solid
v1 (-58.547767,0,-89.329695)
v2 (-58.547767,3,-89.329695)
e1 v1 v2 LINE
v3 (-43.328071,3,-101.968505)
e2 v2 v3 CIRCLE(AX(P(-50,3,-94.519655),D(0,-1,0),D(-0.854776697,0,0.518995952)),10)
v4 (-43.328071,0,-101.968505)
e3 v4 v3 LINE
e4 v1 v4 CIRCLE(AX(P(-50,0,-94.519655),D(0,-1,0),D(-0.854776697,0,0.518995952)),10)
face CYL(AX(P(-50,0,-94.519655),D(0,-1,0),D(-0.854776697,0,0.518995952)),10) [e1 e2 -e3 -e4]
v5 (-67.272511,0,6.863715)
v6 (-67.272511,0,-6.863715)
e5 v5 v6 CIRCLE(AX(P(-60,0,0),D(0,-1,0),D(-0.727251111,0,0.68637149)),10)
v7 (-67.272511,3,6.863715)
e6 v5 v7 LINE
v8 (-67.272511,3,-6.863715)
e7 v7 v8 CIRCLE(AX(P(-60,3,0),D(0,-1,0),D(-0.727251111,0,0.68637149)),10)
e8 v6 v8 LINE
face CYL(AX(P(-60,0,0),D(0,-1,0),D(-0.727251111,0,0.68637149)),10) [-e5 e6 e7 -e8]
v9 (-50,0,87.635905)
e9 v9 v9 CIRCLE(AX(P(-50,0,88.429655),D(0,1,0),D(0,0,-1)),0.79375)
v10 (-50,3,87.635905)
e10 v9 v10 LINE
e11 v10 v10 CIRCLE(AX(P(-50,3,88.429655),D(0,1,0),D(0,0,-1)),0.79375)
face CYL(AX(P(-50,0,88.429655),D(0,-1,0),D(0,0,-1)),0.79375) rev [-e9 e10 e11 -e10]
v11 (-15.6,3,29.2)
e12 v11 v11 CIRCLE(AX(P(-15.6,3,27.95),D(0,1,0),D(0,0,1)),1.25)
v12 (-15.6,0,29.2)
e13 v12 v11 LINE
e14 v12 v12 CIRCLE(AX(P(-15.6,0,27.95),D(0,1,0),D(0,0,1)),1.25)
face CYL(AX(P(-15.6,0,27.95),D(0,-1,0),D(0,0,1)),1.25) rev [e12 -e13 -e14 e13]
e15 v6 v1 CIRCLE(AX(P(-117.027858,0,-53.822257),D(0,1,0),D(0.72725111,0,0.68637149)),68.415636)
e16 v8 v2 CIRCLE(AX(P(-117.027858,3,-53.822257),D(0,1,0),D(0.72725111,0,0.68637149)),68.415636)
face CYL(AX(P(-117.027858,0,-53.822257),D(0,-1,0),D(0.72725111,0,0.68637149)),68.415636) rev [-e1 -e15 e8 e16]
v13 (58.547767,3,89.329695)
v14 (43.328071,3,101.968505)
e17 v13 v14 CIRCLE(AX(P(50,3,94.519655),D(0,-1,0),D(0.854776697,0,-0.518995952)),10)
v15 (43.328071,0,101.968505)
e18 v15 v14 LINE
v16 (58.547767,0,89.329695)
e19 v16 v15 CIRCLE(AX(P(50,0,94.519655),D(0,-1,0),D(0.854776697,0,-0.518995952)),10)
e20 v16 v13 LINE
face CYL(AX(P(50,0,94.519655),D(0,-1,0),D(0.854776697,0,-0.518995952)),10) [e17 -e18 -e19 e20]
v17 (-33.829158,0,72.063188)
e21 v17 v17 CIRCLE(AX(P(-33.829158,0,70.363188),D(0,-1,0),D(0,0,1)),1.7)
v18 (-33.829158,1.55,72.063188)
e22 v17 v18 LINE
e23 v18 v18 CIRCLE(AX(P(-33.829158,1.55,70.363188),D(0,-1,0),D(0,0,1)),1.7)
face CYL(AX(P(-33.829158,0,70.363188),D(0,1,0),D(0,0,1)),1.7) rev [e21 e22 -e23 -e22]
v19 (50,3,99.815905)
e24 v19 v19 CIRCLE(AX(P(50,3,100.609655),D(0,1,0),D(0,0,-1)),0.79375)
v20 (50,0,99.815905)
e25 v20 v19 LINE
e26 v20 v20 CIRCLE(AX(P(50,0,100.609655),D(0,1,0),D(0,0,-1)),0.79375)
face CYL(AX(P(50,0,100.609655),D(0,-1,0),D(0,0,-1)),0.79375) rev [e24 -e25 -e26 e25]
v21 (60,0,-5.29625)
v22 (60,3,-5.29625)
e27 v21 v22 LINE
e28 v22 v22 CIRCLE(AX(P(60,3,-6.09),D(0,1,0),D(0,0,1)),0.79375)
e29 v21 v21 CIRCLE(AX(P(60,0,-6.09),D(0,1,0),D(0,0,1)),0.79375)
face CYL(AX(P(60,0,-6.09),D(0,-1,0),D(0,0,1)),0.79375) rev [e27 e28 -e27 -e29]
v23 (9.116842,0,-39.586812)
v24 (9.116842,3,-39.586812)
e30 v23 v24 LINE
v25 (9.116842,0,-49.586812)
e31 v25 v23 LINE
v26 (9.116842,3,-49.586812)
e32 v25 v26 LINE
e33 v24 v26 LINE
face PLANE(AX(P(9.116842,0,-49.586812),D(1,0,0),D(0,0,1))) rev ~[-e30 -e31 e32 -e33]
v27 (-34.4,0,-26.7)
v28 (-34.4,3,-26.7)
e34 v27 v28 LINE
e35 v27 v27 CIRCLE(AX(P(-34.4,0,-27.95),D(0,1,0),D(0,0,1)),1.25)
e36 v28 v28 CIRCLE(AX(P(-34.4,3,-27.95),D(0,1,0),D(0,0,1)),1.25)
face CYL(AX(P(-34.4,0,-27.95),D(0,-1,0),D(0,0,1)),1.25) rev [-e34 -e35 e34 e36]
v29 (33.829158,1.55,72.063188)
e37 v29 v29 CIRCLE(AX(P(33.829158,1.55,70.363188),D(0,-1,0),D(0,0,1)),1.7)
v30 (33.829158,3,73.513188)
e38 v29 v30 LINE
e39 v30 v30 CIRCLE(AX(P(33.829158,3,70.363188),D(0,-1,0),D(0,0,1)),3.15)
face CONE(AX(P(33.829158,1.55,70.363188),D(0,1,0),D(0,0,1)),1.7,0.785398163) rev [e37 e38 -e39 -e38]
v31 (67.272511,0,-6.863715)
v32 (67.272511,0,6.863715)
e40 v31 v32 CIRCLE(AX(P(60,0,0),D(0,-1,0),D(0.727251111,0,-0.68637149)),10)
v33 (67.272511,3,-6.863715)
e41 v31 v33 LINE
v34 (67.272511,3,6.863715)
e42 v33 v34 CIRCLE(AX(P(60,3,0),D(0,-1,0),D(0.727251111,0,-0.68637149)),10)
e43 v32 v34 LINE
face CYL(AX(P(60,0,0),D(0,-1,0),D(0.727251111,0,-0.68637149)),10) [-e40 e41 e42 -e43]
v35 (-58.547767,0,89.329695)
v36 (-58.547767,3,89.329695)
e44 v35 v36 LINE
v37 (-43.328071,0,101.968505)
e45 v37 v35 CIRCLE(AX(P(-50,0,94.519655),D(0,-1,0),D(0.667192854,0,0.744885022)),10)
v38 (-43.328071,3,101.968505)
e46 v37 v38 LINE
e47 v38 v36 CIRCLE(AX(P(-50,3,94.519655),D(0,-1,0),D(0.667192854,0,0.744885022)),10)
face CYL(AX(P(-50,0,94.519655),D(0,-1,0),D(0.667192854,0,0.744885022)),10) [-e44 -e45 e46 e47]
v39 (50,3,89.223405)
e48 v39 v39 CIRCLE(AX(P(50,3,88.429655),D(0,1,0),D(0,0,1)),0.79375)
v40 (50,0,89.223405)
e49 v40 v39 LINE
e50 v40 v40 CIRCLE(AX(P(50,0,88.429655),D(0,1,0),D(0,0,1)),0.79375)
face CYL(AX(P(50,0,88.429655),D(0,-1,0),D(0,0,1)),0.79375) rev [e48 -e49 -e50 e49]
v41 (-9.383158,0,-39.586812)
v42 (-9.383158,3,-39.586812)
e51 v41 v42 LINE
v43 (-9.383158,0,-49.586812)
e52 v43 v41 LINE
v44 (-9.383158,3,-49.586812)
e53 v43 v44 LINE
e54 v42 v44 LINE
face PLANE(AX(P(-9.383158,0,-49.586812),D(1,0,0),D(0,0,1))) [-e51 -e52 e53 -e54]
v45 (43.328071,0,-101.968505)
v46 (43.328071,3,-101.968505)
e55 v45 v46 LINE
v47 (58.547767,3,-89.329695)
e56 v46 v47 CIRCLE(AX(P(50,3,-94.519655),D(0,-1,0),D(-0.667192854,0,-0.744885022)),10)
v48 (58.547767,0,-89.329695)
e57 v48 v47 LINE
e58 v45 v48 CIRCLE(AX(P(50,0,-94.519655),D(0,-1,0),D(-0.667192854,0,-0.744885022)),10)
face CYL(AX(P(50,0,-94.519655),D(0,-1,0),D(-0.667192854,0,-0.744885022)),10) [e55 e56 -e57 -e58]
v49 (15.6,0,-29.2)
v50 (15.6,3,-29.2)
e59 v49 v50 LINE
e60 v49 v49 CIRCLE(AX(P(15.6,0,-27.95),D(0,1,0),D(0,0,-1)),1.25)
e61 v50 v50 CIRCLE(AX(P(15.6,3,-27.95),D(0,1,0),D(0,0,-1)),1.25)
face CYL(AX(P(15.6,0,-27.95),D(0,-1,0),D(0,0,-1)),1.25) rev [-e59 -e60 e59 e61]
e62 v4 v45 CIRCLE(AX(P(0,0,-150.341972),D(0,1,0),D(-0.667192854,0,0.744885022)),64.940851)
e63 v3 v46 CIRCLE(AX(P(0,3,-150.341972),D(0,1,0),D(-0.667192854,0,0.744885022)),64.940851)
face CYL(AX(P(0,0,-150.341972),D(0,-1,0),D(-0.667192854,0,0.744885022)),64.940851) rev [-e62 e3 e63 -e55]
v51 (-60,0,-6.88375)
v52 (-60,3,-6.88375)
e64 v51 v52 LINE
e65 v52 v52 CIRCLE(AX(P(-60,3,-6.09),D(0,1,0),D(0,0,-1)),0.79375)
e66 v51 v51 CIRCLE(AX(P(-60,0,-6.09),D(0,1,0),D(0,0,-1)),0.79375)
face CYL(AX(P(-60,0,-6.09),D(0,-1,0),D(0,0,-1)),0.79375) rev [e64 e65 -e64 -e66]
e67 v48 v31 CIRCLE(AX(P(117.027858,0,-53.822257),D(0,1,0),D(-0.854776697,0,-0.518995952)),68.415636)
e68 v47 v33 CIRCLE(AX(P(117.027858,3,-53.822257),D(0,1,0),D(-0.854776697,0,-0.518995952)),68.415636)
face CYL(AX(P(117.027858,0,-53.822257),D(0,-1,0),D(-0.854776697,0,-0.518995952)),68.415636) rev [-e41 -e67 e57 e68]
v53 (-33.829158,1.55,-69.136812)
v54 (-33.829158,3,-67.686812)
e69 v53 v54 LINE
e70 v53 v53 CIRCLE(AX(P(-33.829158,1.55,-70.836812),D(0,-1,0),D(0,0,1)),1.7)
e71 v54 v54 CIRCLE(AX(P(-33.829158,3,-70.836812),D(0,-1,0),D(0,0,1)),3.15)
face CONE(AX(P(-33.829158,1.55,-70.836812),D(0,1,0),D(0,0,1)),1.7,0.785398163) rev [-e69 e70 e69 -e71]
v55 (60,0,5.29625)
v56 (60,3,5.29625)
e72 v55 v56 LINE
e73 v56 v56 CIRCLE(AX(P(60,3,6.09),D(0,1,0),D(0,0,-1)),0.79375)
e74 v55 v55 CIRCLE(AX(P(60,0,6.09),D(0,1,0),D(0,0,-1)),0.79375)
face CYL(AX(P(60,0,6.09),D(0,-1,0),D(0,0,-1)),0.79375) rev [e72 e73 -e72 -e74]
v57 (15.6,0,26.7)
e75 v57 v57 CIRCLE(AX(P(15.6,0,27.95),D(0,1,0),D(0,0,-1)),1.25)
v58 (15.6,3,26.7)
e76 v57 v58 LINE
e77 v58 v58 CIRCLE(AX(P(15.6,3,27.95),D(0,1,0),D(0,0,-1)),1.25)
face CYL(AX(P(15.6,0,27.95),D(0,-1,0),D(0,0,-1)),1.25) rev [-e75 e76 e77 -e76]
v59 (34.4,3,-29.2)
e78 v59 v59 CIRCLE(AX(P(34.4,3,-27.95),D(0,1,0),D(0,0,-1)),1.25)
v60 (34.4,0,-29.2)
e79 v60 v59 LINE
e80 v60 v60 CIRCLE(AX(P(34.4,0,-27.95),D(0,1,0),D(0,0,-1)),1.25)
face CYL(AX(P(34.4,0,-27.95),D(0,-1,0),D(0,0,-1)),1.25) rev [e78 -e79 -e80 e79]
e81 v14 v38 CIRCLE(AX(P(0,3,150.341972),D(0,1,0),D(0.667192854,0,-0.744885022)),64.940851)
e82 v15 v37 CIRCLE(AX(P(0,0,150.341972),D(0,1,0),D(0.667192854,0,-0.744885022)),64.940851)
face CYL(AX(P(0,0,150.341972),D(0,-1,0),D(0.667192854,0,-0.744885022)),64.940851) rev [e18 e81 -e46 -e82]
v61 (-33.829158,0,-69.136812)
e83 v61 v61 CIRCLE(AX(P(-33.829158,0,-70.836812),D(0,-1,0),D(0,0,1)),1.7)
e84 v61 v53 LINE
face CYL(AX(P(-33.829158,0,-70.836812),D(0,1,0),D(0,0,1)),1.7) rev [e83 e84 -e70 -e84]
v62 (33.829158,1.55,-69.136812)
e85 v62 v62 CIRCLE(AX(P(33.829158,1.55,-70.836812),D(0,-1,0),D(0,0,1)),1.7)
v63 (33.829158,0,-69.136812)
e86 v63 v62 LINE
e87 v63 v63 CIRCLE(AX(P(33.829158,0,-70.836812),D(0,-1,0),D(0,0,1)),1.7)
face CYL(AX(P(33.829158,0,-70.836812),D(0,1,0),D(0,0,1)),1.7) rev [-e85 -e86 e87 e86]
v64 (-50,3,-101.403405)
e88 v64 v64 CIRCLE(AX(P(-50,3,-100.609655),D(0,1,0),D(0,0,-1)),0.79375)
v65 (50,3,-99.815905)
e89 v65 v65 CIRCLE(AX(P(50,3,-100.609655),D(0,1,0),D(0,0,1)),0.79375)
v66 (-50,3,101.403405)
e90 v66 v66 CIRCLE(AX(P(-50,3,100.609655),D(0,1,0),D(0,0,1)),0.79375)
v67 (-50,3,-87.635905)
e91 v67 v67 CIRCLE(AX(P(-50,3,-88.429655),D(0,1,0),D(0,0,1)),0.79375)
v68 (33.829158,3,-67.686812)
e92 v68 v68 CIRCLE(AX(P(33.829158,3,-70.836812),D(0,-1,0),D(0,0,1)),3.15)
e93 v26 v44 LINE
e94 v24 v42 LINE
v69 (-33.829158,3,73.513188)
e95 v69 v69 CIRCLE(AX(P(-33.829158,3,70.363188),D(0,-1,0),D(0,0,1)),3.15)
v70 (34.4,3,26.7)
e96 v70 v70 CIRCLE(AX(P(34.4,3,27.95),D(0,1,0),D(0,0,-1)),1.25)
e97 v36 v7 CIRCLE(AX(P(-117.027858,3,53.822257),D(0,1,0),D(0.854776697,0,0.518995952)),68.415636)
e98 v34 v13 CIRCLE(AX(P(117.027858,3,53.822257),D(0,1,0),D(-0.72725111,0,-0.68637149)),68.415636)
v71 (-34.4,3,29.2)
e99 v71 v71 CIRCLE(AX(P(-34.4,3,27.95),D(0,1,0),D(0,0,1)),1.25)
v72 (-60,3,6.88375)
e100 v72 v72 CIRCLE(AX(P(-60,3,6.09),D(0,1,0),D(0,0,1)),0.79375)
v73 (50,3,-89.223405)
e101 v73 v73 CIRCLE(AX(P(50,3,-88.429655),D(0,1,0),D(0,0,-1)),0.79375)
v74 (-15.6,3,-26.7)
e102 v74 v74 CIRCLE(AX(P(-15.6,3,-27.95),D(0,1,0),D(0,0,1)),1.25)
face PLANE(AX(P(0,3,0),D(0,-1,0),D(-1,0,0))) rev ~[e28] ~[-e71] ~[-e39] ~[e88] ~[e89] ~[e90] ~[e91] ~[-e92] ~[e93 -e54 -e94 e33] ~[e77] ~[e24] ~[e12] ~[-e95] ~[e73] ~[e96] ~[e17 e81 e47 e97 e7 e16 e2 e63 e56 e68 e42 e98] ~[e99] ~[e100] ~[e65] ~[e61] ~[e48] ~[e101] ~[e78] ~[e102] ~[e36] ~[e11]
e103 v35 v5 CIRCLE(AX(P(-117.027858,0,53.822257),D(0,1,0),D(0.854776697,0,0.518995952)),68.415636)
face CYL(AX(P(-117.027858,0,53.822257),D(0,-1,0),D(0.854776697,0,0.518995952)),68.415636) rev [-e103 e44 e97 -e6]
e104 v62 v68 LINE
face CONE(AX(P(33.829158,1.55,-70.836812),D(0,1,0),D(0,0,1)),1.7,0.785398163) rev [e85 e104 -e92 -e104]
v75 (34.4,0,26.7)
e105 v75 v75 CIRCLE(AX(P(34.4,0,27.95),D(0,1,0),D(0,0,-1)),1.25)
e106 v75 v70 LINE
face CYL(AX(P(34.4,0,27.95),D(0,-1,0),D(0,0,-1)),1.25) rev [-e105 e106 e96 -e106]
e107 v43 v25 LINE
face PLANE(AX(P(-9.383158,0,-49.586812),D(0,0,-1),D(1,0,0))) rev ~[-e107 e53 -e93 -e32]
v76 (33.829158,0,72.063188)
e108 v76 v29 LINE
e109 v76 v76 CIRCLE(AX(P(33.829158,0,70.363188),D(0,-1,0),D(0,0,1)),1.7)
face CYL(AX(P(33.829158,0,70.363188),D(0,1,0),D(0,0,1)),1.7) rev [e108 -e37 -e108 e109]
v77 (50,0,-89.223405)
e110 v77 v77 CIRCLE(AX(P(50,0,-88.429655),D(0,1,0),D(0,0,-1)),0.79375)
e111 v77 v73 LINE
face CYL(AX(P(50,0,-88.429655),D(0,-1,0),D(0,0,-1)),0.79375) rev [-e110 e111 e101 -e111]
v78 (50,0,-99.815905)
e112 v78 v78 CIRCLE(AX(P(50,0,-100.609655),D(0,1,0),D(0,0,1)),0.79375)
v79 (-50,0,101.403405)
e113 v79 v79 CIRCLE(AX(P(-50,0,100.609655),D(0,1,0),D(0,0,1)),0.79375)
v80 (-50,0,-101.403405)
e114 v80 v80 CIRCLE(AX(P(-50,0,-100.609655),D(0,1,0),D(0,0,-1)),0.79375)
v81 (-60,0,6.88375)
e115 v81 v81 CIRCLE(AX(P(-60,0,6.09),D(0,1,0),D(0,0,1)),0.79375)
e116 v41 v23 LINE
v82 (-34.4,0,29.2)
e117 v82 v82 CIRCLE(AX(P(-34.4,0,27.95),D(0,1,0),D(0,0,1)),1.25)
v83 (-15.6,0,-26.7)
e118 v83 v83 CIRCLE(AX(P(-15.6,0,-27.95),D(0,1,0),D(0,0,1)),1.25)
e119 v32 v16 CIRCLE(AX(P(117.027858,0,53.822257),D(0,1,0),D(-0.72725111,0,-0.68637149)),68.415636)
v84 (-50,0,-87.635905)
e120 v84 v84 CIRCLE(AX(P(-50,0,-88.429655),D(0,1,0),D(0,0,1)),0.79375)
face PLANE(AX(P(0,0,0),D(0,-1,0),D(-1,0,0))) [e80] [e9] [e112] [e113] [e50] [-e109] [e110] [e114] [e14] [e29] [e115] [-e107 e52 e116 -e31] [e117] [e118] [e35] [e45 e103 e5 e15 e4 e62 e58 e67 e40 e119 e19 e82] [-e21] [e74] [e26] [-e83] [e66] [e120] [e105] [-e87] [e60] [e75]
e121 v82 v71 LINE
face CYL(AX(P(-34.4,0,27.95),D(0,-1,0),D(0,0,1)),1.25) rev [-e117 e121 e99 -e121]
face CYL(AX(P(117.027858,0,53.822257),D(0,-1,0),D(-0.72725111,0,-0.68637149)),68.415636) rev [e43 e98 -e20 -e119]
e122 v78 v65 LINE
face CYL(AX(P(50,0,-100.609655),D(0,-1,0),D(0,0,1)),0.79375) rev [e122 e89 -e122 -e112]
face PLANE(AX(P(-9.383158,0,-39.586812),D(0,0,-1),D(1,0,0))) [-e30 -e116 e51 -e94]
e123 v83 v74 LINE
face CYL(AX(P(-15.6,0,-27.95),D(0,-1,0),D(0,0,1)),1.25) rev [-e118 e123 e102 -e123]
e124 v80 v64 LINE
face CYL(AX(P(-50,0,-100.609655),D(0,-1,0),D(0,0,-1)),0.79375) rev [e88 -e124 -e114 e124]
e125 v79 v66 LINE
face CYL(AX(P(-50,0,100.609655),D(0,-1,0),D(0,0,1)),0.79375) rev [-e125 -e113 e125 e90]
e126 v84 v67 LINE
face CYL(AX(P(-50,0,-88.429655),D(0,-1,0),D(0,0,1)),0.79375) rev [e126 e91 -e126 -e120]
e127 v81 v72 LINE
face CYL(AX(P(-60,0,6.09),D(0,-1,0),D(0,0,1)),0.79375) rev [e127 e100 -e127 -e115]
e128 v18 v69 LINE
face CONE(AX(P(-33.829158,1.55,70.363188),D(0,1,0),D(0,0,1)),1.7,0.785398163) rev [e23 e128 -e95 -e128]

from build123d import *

# Parameters (mm, degrees)
SKETCH1_R                                      = 0.79375
SKETCH1_R_2                                    = 1.25
BOSS_EXTRUDE1_DEPTH                            = 3
CSK_FOR_M3_FLAT_HEAD_MACHINE_SCREW1_AT_2_COUNT = 2
CSK_FOR_M3_FLAT_HEAD_MACHINE_SCREW1_AT_2_PITCH = 67.658315793
CSK_FOR_M3_FLAT_HEAD_MACHINE_SCREW1_AT_3_COUNT = 2
CSK_FOR_M3_FLAT_HEAD_MACHINE_SCREW1_AT_3_PITCH = 141.2
CSK_FOR_M3_FLAT_HEAD_MACHINE_SCREW1_AT_4_COUNT = 2
CSK_FOR_M3_FLAT_HEAD_MACHINE_SCREW1_AT_4_PITCH = 156.572946884
CUT_EXTRUDE1_REACH                             = 127.831
SKETCH5_W                                      = 18.5
SKETCH5_H                                      = 10


with BuildPart() as part:
    # Sketch1 → Boss-Extrude1 (new body)
    with BuildSketch(Plane(origin=(0, 0, 0), x_dir=(1, 0, 0), z_dir=(0, 1, 0))):
        with BuildLine():
            ThreePointArc((-43.32807146, 101.968504868), (0, 85.401121174), (43.32807146, 101.968504868))
            ThreePointArc((43.32807146, 101.968504868), (56.388628204, 102.212861373), (58.547766972, 89.329695133))
            ThreePointArc((58.547766972, 89.329695133), (48.991933901, 46.624185339), (67.272511105, 6.8637149))
            ThreePointArc((67.272511105, 6.8637149), (70, 0), (67.272511105, -6.8637149))
            ThreePointArc((67.272511105, -6.8637149), (48.991933901, -46.624185339), (58.547766972, -89.329695133))
            ThreePointArc((58.547766972, -89.329695133), (56.388628204, -102.212861373), (43.32807146, -101.968504868))
            ThreePointArc((43.32807146, -101.968504868), (0, -85.401121174), (-43.32807146, -101.968504868))
            ThreePointArc((-43.32807146, -101.968504868), (-56.388628204, -102.212861373), (-58.547766972, -89.329695133))
            ThreePointArc((-58.547766972, -89.329695133), (-48.991933901, -46.624185339), (-67.272511105, -6.8637149))
            ThreePointArc((-67.272511105, -6.8637149), (-70, 0), (-67.272511105, 6.8637149))
            ThreePointArc((-67.272511105, 6.8637149), (-48.991933901, 46.624185339), (-58.547766972, 89.329695133))
            ThreePointArc((-58.547766972, 89.329695133), (-56.388628204, 102.212861373), (-43.32807146, 101.968504868))
        make_face()
        with Locations(Location((-60, -6.09, 0), (0, 0, 270))):
            Circle(SKETCH1_R, mode=Mode.SUBTRACT)
        with Locations(Location((-50, 88.429654651, 0), (0, 0, 270))):
            Circle(SKETCH1_R, mode=Mode.SUBTRACT)
        with Locations(Location((-50, 100.609654651, 0), (0, 0, 90))):
            Circle(SKETCH1_R, mode=Mode.SUBTRACT)
        with Locations(Location((-60, 6.09, 0), (0, 0, 90))):
            Circle(SKETCH1_R, mode=Mode.SUBTRACT)
        with Locations(Location((60, 6.09, 0), (0, 0, 270))):
            Circle(SKETCH1_R, mode=Mode.SUBTRACT)
        with Locations(Location((60, -6.09, 0), (0, 0, 90))):
            Circle(SKETCH1_R, mode=Mode.SUBTRACT)
        with Locations(Location((50, 88.429654651, 0), (0, 0, 90))):
            Circle(SKETCH1_R, mode=Mode.SUBTRACT)
        with Locations(Location((50, 100.609654651, 0), (0, 0, 270))):
            Circle(SKETCH1_R, mode=Mode.SUBTRACT)
        with Locations(Location((50, -88.429654651, 0), (0, 0, 270))):
            Circle(SKETCH1_R, mode=Mode.SUBTRACT)
        with Locations(Location((50, -100.609654651, 0), (0, 0, 90))):
            Circle(SKETCH1_R, mode=Mode.SUBTRACT)
        with Locations(Location((-50, -88.429654651, 0), (0, 0, 90))):
            Circle(SKETCH1_R, mode=Mode.SUBTRACT)
        with Locations(Location((-50, -100.609654651, 0), (0, 0, 270))):
            Circle(SKETCH1_R, mode=Mode.SUBTRACT)
        with Locations(Location((-34.4, 27.95, 0), (0, 0, 270))):
            Circle(SKETCH1_R_2, mode=Mode.SUBTRACT)
        with Locations(Location((-15.6, 27.95, 0), (0, 0, 270))):
            Circle(SKETCH1_R_2, mode=Mode.SUBTRACT)
        with Locations(Location((-34.4, -27.95, 0), (0, 0, 270))):
            Circle(SKETCH1_R_2, mode=Mode.SUBTRACT)
        with Locations(Location((-15.6, -27.95, 0), (0, 0, 270))):
            Circle(SKETCH1_R_2, mode=Mode.SUBTRACT)
        with Locations(Location((15.6, -27.95, 0), (0, 0, 90))):
            Circle(SKETCH1_R_2, mode=Mode.SUBTRACT)
        with Locations(Location((34.4, -27.95, 0), (0, 0, 90))):
            Circle(SKETCH1_R_2, mode=Mode.SUBTRACT)
        with Locations(Location((15.6, 27.95, 0), (0, 0, 90))):
            Circle(SKETCH1_R_2, mode=Mode.SUBTRACT)
        with Locations(Location((34.4, 27.95, 0), (0, 0, 90))):
            Circle(SKETCH1_R_2, mode=Mode.SUBTRACT)
    extrude(amount=BOSS_EXTRUDE1_DEPTH)

    # Sketch4 → CSK for M3 Flat Head Machine Screw1 (revolve, cut)
    with BuildSketch(Plane(origin=(-33.829157896, 3, -70.836811542), x_dir=(0, 0, 1), z_dir=(1, 0, 0))):
        Polygon((0, 0), (0, 3), (1.7, 3), (1.7, 1.45), (3.15, 0), align=None)
    csk_for_m3_flat_head_machine_screw1 = revolve(axis=Axis((-33.829157896, 9.35, -70.836811542), (0, -1, 0)), mode=Mode.SUBTRACT)

    # CSK for M3 Flat Head Machine Screw1 at 2: CSK for M3 Flat Head Machine Screw1 ×2
    with Locations(*[(i * CSK_FOR_M3_FLAT_HEAD_MACHINE_SCREW1_AT_2_PITCH, 0, 0) for i in range(1, CSK_FOR_M3_FLAT_HEAD_MACHINE_SCREW1_AT_2_COUNT)]):
        add(csk_for_m3_flat_head_machine_screw1, mode=Mode.SUBTRACT)

    # CSK for M3 Flat Head Machine Screw1 at 3: CSK for M3 Flat Head Machine Screw1 ×2
    with Locations(*[(0, 0, i * CSK_FOR_M3_FLAT_HEAD_MACHINE_SCREW1_AT_3_PITCH) for i in range(1, CSK_FOR_M3_FLAT_HEAD_MACHINE_SCREW1_AT_3_COUNT)]):
        add(csk_for_m3_flat_head_machine_screw1, mode=Mode.SUBTRACT)

    # CSK for M3 Flat Head Machine Screw1 at 4: CSK for M3 Flat Head Machine Screw1 ×2
    with Locations(*[Vector(0.4321200893208166, 0, 0.9018160723813751) * (i * CSK_FOR_M3_FLAT_HEAD_MACHINE_SCREW1_AT_4_PITCH) for i in range(1, CSK_FOR_M3_FLAT_HEAD_MACHINE_SCREW1_AT_4_COUNT)]):
        add(csk_for_m3_flat_head_machine_screw1, mode=Mode.SUBTRACT)

    # Sketch5 → Cut-Extrude1 (cut, up to next)
    with BuildSketch(Plane.XZ, mode=Mode.PRIVATE) as cut_extrude1_sk1:
        with Locations((-0.133157896, -44.586811542)):
            Rectangle(SKETCH5_W, SKETCH5_H)
    cut_extrude1_tool1 = extrude(cut_extrude1_sk1.sketch, amount=-CUT_EXTRUDE1_REACH, mode=Mode.PRIVATE) & part.part
    add(cut_extrude1_tool1.solids().sort_by_distance((-0.133158, 0, -44.586812))[0], mode=Mode.SUBTRACT)


solid = part.part
